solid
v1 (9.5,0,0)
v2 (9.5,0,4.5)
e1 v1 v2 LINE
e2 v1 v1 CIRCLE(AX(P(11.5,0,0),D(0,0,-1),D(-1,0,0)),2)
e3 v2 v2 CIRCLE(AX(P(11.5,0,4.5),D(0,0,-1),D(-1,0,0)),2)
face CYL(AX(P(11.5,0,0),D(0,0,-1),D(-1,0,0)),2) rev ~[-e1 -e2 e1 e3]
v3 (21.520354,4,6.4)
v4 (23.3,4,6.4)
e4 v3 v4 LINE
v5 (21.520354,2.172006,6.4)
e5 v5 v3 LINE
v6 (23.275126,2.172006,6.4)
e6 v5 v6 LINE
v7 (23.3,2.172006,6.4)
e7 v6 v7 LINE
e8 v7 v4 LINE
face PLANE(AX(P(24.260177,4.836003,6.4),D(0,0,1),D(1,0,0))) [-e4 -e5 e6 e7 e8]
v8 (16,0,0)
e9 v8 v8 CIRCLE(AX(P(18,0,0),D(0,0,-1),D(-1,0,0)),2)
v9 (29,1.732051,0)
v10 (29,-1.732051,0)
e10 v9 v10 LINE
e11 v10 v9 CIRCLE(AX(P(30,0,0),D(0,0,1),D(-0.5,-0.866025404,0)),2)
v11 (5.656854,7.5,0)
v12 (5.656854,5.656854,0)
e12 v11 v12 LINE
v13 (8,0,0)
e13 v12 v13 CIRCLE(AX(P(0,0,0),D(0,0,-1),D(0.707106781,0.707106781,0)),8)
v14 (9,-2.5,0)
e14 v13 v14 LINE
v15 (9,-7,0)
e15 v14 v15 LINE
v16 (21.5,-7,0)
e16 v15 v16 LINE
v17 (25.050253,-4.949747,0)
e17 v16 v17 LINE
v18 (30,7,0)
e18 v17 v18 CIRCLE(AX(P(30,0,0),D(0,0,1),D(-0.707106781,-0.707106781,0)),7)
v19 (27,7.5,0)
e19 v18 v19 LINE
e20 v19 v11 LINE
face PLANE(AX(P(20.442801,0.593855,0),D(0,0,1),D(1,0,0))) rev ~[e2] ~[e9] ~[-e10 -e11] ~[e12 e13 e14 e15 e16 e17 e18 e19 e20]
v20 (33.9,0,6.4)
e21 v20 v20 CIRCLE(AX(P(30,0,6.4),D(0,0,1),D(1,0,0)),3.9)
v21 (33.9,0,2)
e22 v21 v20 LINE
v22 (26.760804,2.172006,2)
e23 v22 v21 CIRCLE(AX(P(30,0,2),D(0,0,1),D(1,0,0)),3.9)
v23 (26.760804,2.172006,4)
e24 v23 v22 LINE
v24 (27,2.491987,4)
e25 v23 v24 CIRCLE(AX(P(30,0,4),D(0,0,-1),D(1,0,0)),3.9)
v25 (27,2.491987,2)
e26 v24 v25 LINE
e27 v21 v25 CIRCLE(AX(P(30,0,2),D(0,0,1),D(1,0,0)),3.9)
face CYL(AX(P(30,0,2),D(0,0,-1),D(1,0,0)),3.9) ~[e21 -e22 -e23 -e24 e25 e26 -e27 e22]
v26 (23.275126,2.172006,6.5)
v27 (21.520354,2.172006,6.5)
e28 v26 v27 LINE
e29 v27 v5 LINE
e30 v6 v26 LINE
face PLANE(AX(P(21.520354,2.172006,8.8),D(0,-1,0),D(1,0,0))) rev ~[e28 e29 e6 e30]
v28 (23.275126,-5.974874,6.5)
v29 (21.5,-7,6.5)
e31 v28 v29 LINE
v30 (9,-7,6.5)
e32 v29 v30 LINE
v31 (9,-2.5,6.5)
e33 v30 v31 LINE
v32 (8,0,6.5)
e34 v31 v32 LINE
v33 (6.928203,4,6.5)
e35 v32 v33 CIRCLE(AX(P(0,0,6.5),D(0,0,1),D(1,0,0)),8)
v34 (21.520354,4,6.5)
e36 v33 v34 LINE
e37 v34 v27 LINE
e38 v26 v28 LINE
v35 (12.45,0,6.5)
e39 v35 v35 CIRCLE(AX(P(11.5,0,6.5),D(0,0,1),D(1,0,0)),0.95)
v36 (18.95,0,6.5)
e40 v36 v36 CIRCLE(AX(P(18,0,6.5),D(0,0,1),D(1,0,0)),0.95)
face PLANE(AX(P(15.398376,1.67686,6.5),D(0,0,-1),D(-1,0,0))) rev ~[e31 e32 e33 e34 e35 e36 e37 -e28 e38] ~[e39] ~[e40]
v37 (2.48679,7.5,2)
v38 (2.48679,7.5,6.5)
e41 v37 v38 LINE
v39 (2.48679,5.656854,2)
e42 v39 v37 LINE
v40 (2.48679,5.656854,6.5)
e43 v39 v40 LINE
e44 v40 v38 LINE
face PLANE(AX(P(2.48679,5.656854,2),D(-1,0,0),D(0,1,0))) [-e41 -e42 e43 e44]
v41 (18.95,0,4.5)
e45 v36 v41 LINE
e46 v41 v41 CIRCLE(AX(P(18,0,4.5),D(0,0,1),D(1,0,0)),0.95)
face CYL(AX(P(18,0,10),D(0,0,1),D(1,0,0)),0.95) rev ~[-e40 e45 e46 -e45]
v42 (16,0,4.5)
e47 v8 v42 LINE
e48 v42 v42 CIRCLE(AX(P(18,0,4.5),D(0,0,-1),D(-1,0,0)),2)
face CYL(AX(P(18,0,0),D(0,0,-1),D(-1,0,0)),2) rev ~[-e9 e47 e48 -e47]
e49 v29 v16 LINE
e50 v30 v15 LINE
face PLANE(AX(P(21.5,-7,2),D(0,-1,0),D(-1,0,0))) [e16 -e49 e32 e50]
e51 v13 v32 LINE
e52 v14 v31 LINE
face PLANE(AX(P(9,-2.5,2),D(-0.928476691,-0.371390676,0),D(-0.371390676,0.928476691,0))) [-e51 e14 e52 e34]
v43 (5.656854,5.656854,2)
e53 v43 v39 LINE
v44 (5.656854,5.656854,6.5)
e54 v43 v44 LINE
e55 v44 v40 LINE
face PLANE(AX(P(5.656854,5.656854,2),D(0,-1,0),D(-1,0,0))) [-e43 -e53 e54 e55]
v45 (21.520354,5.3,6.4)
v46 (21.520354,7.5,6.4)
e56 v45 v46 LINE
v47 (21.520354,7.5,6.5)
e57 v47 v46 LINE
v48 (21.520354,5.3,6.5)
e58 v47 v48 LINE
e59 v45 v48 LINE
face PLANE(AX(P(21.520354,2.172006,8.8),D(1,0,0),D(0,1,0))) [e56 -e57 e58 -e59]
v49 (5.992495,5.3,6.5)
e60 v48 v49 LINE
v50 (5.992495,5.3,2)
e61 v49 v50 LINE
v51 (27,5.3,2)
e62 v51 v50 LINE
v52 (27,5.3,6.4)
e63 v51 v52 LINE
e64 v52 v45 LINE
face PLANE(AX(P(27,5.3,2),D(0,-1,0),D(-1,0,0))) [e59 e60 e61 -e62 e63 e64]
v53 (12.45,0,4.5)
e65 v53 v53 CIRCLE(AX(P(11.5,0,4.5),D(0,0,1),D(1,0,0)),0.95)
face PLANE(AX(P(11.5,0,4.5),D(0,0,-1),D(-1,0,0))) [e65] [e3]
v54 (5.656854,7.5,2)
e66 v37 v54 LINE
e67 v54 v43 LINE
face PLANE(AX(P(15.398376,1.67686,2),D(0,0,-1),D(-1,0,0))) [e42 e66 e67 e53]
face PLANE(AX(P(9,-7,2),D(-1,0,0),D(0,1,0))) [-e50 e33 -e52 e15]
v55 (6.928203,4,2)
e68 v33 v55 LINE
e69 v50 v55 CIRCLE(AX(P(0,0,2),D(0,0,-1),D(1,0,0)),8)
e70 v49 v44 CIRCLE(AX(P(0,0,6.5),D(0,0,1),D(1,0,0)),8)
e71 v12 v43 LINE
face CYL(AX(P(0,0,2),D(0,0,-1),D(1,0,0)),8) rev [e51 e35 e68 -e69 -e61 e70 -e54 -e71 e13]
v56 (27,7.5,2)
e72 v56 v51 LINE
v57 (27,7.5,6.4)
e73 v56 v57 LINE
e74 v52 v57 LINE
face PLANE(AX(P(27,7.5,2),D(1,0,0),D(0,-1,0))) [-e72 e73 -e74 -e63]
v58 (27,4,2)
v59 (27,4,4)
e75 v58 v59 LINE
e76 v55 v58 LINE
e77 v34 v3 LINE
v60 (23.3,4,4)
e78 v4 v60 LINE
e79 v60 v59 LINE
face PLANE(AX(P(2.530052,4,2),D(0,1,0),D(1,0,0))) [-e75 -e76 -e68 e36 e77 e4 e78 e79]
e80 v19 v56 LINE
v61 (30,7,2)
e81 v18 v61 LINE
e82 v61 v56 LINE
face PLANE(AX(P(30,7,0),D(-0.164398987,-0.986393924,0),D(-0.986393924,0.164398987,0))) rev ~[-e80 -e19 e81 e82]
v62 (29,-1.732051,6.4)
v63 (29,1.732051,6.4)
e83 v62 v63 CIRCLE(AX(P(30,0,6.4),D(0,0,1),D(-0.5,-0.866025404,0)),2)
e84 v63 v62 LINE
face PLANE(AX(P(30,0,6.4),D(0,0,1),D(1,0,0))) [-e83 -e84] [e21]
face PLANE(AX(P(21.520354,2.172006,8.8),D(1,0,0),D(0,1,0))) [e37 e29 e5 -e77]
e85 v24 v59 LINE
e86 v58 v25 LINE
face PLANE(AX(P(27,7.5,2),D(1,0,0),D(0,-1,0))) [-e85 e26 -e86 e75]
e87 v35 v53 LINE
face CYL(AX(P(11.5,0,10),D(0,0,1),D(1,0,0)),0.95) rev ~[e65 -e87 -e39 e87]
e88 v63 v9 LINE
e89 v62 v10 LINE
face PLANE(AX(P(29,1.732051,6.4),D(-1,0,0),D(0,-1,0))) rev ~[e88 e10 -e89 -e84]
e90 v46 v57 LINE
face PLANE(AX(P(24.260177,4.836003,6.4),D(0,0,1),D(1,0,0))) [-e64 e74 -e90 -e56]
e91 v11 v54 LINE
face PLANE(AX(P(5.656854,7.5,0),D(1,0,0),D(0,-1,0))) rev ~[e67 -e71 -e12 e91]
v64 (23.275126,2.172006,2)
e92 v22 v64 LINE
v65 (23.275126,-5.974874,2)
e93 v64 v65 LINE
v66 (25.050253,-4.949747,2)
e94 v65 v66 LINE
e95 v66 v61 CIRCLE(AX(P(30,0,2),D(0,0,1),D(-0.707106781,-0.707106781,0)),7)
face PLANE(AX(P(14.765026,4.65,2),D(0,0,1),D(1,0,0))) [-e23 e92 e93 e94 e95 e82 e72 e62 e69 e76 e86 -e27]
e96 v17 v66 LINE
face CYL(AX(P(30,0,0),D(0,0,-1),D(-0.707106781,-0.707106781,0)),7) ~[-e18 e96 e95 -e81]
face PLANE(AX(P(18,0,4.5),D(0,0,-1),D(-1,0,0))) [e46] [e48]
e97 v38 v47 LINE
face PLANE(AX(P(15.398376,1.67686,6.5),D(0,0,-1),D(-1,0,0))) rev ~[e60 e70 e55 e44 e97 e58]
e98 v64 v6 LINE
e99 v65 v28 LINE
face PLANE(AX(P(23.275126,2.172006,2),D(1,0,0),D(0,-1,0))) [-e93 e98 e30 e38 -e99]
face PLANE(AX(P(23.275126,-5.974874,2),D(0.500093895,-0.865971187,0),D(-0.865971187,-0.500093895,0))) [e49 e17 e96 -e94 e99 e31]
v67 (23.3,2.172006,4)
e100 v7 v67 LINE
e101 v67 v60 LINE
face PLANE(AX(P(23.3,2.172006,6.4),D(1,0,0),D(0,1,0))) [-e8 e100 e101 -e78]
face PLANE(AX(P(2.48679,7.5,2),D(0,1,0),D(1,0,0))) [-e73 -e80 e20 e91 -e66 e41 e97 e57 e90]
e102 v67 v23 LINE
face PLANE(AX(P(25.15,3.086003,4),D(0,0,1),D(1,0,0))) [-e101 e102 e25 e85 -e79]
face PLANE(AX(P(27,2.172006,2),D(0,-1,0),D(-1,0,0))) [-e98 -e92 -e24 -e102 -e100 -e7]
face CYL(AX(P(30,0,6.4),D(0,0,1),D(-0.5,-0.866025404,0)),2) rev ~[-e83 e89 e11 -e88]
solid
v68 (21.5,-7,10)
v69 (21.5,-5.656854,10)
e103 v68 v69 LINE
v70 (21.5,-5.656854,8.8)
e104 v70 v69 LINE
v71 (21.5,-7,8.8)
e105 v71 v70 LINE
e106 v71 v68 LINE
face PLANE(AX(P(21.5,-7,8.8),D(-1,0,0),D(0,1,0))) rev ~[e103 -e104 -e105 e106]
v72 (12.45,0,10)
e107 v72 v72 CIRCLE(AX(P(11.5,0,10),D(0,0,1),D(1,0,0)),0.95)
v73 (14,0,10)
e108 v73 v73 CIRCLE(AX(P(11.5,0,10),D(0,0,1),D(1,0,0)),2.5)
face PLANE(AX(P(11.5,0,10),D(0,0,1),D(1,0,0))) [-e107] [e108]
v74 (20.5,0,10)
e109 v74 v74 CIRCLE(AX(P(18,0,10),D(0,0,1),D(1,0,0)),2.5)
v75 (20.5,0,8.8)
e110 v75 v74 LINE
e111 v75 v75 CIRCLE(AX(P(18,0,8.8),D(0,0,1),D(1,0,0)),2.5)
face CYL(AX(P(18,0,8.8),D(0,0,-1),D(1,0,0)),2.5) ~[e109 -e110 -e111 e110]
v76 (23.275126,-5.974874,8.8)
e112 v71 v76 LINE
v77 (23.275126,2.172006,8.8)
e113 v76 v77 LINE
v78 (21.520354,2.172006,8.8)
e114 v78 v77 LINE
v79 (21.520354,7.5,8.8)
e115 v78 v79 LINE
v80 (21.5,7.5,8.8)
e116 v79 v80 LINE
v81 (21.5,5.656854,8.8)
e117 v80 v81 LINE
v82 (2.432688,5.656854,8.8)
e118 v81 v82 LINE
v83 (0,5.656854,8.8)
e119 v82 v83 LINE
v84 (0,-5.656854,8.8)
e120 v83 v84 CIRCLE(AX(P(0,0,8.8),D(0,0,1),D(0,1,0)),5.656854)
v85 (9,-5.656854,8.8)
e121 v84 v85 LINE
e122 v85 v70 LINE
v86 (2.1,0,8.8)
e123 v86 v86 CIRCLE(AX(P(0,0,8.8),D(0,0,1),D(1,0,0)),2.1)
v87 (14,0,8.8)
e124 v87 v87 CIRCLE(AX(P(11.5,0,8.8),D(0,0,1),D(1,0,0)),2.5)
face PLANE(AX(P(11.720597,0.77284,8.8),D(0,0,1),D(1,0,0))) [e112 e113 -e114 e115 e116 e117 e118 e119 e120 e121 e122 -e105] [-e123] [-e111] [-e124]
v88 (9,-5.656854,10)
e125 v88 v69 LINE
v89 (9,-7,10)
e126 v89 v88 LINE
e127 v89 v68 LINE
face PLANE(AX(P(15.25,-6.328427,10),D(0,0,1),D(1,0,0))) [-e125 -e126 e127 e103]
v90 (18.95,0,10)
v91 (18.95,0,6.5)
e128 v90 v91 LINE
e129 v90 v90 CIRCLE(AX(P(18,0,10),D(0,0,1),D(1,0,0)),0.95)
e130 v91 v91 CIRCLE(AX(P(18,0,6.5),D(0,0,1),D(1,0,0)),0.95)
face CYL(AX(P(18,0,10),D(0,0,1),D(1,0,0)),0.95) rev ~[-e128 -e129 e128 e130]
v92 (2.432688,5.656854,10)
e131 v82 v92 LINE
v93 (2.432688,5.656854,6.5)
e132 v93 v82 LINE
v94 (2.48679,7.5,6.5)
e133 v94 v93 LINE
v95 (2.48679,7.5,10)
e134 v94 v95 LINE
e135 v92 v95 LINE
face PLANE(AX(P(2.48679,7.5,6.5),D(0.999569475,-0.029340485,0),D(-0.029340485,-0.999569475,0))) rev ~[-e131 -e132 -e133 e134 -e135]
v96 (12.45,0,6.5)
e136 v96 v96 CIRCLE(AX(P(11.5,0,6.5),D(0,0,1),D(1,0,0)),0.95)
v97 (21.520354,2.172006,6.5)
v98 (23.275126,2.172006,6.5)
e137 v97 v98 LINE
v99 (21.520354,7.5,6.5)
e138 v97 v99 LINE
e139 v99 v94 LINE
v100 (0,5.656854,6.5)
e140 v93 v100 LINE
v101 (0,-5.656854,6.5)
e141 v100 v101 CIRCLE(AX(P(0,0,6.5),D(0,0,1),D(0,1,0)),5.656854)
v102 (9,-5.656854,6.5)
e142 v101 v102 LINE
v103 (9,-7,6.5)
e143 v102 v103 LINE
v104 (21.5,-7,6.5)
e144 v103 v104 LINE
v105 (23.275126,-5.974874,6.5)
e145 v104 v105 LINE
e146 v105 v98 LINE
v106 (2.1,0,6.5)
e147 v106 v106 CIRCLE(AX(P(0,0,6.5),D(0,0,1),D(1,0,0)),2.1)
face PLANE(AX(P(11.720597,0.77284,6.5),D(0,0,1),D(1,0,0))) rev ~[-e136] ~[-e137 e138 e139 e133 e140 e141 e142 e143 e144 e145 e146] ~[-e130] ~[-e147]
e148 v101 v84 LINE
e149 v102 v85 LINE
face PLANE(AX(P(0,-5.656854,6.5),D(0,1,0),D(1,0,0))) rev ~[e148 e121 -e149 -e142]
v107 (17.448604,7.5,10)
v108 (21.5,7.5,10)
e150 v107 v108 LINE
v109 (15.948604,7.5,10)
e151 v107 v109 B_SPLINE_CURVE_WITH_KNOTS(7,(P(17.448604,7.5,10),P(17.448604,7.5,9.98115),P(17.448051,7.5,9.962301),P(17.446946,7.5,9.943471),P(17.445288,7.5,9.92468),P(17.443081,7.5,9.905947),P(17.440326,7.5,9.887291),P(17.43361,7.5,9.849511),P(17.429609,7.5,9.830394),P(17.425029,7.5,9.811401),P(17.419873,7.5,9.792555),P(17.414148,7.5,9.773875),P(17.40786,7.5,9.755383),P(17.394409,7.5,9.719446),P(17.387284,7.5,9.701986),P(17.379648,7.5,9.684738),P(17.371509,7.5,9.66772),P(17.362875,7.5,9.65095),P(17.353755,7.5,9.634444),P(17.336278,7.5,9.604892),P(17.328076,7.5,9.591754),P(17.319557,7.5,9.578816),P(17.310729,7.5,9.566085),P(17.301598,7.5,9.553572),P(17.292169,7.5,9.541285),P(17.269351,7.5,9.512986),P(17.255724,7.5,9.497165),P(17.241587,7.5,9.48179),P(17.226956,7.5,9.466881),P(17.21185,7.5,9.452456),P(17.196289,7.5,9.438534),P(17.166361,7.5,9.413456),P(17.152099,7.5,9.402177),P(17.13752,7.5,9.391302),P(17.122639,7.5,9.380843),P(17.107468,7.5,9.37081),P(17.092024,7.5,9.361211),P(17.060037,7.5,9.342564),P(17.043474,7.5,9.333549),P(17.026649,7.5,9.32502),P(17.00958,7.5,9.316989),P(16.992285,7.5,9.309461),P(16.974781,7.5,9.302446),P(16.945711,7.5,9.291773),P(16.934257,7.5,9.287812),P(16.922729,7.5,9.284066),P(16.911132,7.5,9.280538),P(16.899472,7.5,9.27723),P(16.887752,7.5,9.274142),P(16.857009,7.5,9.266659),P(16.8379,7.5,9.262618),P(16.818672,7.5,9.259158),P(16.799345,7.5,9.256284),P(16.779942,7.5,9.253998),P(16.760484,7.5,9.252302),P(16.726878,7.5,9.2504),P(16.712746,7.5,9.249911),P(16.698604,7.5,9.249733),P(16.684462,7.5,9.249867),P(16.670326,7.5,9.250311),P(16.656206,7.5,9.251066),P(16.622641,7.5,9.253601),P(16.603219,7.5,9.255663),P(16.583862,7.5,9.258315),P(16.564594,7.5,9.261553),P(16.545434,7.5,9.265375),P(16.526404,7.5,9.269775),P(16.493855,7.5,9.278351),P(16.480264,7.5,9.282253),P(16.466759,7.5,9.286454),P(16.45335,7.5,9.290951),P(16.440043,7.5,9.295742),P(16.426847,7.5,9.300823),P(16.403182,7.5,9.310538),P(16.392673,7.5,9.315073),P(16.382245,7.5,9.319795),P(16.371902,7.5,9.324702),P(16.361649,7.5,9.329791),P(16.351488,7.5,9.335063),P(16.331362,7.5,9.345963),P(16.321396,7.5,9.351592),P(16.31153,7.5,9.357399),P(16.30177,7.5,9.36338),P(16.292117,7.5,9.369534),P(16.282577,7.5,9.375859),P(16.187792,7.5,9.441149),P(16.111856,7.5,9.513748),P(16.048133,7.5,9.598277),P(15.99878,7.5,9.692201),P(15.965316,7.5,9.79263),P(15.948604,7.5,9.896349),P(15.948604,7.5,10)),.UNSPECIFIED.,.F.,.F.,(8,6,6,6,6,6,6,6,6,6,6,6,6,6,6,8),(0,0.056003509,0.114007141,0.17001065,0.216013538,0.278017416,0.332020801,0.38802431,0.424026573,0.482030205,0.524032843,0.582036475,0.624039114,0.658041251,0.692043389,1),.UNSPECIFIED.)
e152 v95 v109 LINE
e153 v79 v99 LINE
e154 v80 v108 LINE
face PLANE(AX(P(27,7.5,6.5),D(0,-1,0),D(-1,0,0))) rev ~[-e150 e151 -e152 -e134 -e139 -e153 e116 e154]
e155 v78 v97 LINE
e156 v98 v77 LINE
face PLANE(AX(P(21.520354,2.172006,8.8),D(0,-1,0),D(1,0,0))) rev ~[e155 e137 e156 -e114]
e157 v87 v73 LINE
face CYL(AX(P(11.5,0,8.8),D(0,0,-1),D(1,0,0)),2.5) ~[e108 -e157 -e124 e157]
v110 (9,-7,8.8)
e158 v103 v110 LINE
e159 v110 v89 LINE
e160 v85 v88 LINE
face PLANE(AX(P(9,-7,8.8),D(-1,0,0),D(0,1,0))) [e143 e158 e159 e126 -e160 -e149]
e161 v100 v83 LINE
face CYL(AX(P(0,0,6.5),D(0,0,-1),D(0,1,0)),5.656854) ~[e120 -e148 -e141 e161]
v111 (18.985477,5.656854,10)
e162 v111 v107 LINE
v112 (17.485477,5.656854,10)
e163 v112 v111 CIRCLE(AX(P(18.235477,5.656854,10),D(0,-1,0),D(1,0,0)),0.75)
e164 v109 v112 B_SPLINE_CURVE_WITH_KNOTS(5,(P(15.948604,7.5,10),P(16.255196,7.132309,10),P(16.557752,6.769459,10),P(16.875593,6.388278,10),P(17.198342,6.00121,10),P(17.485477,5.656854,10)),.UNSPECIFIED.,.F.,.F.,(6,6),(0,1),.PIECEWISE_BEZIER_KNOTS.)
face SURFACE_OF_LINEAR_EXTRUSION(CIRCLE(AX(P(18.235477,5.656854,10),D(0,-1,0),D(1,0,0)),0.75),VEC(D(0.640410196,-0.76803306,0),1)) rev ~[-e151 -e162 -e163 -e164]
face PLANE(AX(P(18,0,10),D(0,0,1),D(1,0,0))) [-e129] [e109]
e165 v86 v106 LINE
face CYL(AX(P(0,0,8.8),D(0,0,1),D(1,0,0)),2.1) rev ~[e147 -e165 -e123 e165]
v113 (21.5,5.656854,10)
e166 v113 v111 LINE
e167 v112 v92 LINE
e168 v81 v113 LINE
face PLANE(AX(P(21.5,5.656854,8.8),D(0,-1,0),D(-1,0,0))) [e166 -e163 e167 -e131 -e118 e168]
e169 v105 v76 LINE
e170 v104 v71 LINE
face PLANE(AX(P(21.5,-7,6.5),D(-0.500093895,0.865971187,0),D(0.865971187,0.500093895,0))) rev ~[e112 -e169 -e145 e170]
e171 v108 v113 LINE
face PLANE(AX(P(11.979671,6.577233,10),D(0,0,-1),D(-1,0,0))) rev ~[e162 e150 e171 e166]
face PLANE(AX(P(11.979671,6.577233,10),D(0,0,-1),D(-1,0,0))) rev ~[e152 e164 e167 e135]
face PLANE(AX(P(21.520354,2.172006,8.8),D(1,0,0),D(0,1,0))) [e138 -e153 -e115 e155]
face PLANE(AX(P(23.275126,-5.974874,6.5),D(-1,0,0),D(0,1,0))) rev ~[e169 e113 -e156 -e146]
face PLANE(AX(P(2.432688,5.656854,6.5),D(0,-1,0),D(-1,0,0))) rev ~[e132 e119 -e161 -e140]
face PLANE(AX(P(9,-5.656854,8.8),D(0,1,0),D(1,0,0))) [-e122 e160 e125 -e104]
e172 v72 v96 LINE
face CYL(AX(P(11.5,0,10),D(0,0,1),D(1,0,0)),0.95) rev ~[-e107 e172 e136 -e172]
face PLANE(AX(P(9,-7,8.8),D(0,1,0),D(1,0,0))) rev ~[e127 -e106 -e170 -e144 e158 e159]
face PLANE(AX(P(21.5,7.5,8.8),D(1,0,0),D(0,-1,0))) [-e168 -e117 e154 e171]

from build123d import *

# Parameters (mm, degrees)
BOSS_EXTRUDE1_DEPTH  = 2
BOSS_EXTRUDE6_DEPTH  = 4.5
CUT_EXTRUDE6_DEPTH   = 4.5
BOSS_EXTRUDE14_DEPTH = 2.3
SKETCH32_R           = 2.1
CUT_EXTRUDE7_DEPTH   = 2.3
SKETCH33_W           = 12.5
SKETCH33_H           = 1.343145751
BOSS_EXTRUDE15_DEPTH = 1.2
SKETCH35_W           = 5.479645997
SKETCH35_H           = 5.327993755
CUT_EXTRUDE8_DEPTH   = 2.4
SKETCH36_W           = 3.7
SKETCH36_H           = 1.827993755
CUT_EXTRUDE9_DEPTH   = 2.4
SKETCH37_R           = 3.9
BOSS_EXTRUDE16_DEPTH = 4.4
CUT_EXTRUDE10_DEPTH  = 7.4
SKETCH43_R           = 2.5
BOSS_EXTRUDE17_DEPTH = 1.2
SKETCH44_R           = 0.95
CUT_EXTRUDE11_DEPTH  = 11
SKETCH45_R           = 2
CUT_EXTRUDE12_DEPTH  = 4.5
SKETCH52_R           = 0.75
CUT_EXTRUDE13_DEPTH  = 10


with BuildPart() as part:
    # Sketch3 → Boss-Extrude1 (new body)
    with BuildSketch(Plane.XY):
        with BuildLine():
            Line((8, 0), (9, -2.5))
            Line((9, -2.5), (9, -7))
            Line((9, -7), (21.5, -7))
            Line((21.5, -7), (25.050252532, -4.949747468))
            ThreePointArc((25.050252532, -4.949747468), (36.467156728, -2.678784027), (30, 7))
            Line((30, 7), (27, 7.5))
            Line((27, 7.5), (5.656854249, 7.5))
            Line((5.656854249, 7.5), (5.656854249, 5.656854249))
            ThreePointArc((5.656854249, 5.656854249), (7.39103626, 3.061467459), (8, 0))
        make_face()
    extrude(amount=BOSS_EXTRUDE1_DEPTH)

    # Sketch22 → Boss-Extrude6 (add)
    with BuildSketch(Plane.XY.offset(2)):
        with BuildLine():
            Line((5.656854249, 5.656854249), (2.486790148, 5.656854249))
            Line((2.486790148, 5.656854249), (2.486790148, 7.5))
            Line((2.486790148, 7.5), (5.656854249, 7.5))
            Line((5.656854249, 7.5), (21.5, 7.5))
            Line((21.5, 7.5), (27, 7.5))
            Line((27, 7.5), (27, 2.172006245))
            Line((27, 2.172006245), (23.275126266, 2.172006245))
            Line((23.275126266, 2.172006245), (23.275126266, -5.974873734))
            Line((23.275126266, -5.974873734), (21.5, -7))
            Line((21.5, -7), (9, -7))
            Line((9, -7), (9, -2.5))
            Line((9, -2.5), (8, 0))
            ThreePointArc((8, 0), (7.39103626, 3.061467459), (5.656854249, 5.656854249))
        make_face()
    extrude(amount=BOSS_EXTRUDE6_DEPTH)

    # Sketch26 → Cut-Extrude6 (cut)
    with BuildSketch(Plane.XY.offset(2)):
        Polygon((18.098080448, 5.3), (2.530052458, 5.3), (2.530052458, 4), (18.098080448, 4), (27, 4), (27, 5.3), align=None)
    extrude(amount=CUT_EXTRUDE6_DEPTH, mode=Mode.SUBTRACT)


with BuildPart() as body_2:
    # Sketch31 → Boss-Extrude14 (new body)
    with BuildSketch(Plane.XY.offset(6.5)):
        with BuildLine():
            Line((2.432688066, 5.656854249), (0, 5.656854249))
            ThreePointArc((0, 5.656854249), (-5.656854249, 0), (0, -5.656854249))
            Line((0, -5.656854249), (9, -5.656854249))
            Line((9, -5.656854249), (9, -7))
            Line((9, -7), (21.5, -7))
            Line((21.5, -7), (23.275126266, -5.974873734))
            Line((23.275126266, -5.974873734), (23.275126266, 2.172006245))
            Line((23.275126266, 2.172006245), (27, 2.172006245))
            Line((27, 2.172006245), (27, 7.5))
            Line((27, 7.5), (2.486790148, 7.5))
            Line((2.486790148, 7.5), (2.432688066, 5.656854249))
        make_face()
    extrude(amount=BOSS_EXTRUDE14_DEPTH)

    # Sketch32 → Cut-Extrude7 (cut)
    with BuildSketch(Plane.XY.offset(8.8)):
        Circle(SKETCH32_R)
    extrude(amount=-CUT_EXTRUDE7_DEPTH, mode=Mode.SUBTRACT)

    # Sketch33 → Boss-Extrude15 (add)
    with BuildSketch(Plane.XY.offset(8.8)):
        with Locations((15.25, -6.328427125)):
            Rectangle(SKETCH33_W, SKETCH33_H)
        Polygon((2.486790148, 7.5), (21.5, 7.5), (21.5, 5.656854249), (2.432688066, 5.656854249), align=None)
    extrude(amount=BOSS_EXTRUDE15_DEPTH)


with BuildPart() as cut_extrude8_tool:
    # Sketch35 → Cut-Extrude8 (new body)
    with BuildSketch(Plane.XY.offset(8.8)):
        with Locations((24.260177002, 4.836003123)):
            Rectangle(SKETCH35_W, SKETCH35_H)
    extrude(amount=-CUT_EXTRUDE8_DEPTH)


with BuildPart() as part_1:
    add(part.part)

    # Cut-Extrude8: cut by cut_extrude8_tool
    add(cut_extrude8_tool.part, mode=Mode.SUBTRACT)

    # Sketch36 → Cut-Extrude9 (cut)
    with BuildSketch(Plane.XY.offset(6.4)):
        with Locations((25.15, 3.086003123)):
            Rectangle(SKETCH36_W, SKETCH36_H)
    extrude(amount=-CUT_EXTRUDE9_DEPTH, mode=Mode.SUBTRACT)

    # Sketch37 → Boss-Extrude16 (add)
    with BuildSketch(Plane.XY.offset(2)):
        with Locations((30, 0)):
            Circle(SKETCH37_R)
    extrude(amount=BOSS_EXTRUDE16_DEPTH)

    # Sketch39 → Cut-Extrude10 (cut, through all)
    with BuildSketch(Plane.XY.offset(6.4)):
        with BuildLine():
            Line((29, 1.732050808), (29, -1.732050808))
            ThreePointArc((29, -1.732050808), (32, 0), (29, 1.732050808))
        make_face()
    extrude(amount=-CUT_EXTRUDE10_DEPTH, mode=Mode.SUBTRACT)


with BuildPart() as body_2_1:
    add(body_2.part)

    # Cut-Extrude8: cut by cut_extrude8_tool
    add(cut_extrude8_tool.part, mode=Mode.SUBTRACT)

    # Sketch43 → Boss-Extrude17 (add)
    with BuildSketch(Plane.XY.offset(8.8)):
        with Locations((11.5, 0)):
            Circle(SKETCH43_R)
        with Locations((18, 0)):
            Circle(SKETCH43_R)
    extrude(amount=BOSS_EXTRUDE17_DEPTH)


with BuildPart() as cut_extrude11_tool:
    # Sketch44 → Cut-Extrude11 (new body, through all)
    with BuildSketch(Plane.XY.offset(10)):
        with Locations((11.5, 0)):
            Circle(SKETCH44_R)
        with Locations((18, 0)):
            Circle(SKETCH44_R)
    extrude(amount=-CUT_EXTRUDE11_DEPTH)


with BuildPart() as part_2:
    add(part_1.part)

    # Cut-Extrude11: cut by cut_extrude11_tool
    add(cut_extrude11_tool.part, mode=Mode.SUBTRACT)

    # Sketch45 → Cut-Extrude12 (cut)
    with BuildSketch(Plane(origin=(0, 0, 0), x_dir=(-1, 0, 0), z_dir=(0, 0, -1))):
        with Locations((-11.5, 0)):
            Circle(SKETCH45_R)
        with Locations((-18, 0)):
            Circle(SKETCH45_R)
    extrude(amount=-CUT_EXTRUDE12_DEPTH, mode=Mode.SUBTRACT)


with BuildPart() as body_2_2:
    add(body_2_1.part)

    # Cut-Extrude11: cut by cut_extrude11_tool
    add(cut_extrude11_tool.part, mode=Mode.SUBTRACT)

    # Sketch52 → Cut-Extrude13 (cut, along a direction that is not the sketch's normal)
    with BuildSketch(Plane.XZ.offset(-5.656854249)):
        with Locations((18.235476819, 10)):
            Circle(SKETCH52_R)
    extrude(amount=-CUT_EXTRUDE13_DEPTH, dir=(0.640410196, -0.76803306, 0), mode=Mode.SUBTRACT)


solid = Compound([part_2.part, body_2_2.part])
